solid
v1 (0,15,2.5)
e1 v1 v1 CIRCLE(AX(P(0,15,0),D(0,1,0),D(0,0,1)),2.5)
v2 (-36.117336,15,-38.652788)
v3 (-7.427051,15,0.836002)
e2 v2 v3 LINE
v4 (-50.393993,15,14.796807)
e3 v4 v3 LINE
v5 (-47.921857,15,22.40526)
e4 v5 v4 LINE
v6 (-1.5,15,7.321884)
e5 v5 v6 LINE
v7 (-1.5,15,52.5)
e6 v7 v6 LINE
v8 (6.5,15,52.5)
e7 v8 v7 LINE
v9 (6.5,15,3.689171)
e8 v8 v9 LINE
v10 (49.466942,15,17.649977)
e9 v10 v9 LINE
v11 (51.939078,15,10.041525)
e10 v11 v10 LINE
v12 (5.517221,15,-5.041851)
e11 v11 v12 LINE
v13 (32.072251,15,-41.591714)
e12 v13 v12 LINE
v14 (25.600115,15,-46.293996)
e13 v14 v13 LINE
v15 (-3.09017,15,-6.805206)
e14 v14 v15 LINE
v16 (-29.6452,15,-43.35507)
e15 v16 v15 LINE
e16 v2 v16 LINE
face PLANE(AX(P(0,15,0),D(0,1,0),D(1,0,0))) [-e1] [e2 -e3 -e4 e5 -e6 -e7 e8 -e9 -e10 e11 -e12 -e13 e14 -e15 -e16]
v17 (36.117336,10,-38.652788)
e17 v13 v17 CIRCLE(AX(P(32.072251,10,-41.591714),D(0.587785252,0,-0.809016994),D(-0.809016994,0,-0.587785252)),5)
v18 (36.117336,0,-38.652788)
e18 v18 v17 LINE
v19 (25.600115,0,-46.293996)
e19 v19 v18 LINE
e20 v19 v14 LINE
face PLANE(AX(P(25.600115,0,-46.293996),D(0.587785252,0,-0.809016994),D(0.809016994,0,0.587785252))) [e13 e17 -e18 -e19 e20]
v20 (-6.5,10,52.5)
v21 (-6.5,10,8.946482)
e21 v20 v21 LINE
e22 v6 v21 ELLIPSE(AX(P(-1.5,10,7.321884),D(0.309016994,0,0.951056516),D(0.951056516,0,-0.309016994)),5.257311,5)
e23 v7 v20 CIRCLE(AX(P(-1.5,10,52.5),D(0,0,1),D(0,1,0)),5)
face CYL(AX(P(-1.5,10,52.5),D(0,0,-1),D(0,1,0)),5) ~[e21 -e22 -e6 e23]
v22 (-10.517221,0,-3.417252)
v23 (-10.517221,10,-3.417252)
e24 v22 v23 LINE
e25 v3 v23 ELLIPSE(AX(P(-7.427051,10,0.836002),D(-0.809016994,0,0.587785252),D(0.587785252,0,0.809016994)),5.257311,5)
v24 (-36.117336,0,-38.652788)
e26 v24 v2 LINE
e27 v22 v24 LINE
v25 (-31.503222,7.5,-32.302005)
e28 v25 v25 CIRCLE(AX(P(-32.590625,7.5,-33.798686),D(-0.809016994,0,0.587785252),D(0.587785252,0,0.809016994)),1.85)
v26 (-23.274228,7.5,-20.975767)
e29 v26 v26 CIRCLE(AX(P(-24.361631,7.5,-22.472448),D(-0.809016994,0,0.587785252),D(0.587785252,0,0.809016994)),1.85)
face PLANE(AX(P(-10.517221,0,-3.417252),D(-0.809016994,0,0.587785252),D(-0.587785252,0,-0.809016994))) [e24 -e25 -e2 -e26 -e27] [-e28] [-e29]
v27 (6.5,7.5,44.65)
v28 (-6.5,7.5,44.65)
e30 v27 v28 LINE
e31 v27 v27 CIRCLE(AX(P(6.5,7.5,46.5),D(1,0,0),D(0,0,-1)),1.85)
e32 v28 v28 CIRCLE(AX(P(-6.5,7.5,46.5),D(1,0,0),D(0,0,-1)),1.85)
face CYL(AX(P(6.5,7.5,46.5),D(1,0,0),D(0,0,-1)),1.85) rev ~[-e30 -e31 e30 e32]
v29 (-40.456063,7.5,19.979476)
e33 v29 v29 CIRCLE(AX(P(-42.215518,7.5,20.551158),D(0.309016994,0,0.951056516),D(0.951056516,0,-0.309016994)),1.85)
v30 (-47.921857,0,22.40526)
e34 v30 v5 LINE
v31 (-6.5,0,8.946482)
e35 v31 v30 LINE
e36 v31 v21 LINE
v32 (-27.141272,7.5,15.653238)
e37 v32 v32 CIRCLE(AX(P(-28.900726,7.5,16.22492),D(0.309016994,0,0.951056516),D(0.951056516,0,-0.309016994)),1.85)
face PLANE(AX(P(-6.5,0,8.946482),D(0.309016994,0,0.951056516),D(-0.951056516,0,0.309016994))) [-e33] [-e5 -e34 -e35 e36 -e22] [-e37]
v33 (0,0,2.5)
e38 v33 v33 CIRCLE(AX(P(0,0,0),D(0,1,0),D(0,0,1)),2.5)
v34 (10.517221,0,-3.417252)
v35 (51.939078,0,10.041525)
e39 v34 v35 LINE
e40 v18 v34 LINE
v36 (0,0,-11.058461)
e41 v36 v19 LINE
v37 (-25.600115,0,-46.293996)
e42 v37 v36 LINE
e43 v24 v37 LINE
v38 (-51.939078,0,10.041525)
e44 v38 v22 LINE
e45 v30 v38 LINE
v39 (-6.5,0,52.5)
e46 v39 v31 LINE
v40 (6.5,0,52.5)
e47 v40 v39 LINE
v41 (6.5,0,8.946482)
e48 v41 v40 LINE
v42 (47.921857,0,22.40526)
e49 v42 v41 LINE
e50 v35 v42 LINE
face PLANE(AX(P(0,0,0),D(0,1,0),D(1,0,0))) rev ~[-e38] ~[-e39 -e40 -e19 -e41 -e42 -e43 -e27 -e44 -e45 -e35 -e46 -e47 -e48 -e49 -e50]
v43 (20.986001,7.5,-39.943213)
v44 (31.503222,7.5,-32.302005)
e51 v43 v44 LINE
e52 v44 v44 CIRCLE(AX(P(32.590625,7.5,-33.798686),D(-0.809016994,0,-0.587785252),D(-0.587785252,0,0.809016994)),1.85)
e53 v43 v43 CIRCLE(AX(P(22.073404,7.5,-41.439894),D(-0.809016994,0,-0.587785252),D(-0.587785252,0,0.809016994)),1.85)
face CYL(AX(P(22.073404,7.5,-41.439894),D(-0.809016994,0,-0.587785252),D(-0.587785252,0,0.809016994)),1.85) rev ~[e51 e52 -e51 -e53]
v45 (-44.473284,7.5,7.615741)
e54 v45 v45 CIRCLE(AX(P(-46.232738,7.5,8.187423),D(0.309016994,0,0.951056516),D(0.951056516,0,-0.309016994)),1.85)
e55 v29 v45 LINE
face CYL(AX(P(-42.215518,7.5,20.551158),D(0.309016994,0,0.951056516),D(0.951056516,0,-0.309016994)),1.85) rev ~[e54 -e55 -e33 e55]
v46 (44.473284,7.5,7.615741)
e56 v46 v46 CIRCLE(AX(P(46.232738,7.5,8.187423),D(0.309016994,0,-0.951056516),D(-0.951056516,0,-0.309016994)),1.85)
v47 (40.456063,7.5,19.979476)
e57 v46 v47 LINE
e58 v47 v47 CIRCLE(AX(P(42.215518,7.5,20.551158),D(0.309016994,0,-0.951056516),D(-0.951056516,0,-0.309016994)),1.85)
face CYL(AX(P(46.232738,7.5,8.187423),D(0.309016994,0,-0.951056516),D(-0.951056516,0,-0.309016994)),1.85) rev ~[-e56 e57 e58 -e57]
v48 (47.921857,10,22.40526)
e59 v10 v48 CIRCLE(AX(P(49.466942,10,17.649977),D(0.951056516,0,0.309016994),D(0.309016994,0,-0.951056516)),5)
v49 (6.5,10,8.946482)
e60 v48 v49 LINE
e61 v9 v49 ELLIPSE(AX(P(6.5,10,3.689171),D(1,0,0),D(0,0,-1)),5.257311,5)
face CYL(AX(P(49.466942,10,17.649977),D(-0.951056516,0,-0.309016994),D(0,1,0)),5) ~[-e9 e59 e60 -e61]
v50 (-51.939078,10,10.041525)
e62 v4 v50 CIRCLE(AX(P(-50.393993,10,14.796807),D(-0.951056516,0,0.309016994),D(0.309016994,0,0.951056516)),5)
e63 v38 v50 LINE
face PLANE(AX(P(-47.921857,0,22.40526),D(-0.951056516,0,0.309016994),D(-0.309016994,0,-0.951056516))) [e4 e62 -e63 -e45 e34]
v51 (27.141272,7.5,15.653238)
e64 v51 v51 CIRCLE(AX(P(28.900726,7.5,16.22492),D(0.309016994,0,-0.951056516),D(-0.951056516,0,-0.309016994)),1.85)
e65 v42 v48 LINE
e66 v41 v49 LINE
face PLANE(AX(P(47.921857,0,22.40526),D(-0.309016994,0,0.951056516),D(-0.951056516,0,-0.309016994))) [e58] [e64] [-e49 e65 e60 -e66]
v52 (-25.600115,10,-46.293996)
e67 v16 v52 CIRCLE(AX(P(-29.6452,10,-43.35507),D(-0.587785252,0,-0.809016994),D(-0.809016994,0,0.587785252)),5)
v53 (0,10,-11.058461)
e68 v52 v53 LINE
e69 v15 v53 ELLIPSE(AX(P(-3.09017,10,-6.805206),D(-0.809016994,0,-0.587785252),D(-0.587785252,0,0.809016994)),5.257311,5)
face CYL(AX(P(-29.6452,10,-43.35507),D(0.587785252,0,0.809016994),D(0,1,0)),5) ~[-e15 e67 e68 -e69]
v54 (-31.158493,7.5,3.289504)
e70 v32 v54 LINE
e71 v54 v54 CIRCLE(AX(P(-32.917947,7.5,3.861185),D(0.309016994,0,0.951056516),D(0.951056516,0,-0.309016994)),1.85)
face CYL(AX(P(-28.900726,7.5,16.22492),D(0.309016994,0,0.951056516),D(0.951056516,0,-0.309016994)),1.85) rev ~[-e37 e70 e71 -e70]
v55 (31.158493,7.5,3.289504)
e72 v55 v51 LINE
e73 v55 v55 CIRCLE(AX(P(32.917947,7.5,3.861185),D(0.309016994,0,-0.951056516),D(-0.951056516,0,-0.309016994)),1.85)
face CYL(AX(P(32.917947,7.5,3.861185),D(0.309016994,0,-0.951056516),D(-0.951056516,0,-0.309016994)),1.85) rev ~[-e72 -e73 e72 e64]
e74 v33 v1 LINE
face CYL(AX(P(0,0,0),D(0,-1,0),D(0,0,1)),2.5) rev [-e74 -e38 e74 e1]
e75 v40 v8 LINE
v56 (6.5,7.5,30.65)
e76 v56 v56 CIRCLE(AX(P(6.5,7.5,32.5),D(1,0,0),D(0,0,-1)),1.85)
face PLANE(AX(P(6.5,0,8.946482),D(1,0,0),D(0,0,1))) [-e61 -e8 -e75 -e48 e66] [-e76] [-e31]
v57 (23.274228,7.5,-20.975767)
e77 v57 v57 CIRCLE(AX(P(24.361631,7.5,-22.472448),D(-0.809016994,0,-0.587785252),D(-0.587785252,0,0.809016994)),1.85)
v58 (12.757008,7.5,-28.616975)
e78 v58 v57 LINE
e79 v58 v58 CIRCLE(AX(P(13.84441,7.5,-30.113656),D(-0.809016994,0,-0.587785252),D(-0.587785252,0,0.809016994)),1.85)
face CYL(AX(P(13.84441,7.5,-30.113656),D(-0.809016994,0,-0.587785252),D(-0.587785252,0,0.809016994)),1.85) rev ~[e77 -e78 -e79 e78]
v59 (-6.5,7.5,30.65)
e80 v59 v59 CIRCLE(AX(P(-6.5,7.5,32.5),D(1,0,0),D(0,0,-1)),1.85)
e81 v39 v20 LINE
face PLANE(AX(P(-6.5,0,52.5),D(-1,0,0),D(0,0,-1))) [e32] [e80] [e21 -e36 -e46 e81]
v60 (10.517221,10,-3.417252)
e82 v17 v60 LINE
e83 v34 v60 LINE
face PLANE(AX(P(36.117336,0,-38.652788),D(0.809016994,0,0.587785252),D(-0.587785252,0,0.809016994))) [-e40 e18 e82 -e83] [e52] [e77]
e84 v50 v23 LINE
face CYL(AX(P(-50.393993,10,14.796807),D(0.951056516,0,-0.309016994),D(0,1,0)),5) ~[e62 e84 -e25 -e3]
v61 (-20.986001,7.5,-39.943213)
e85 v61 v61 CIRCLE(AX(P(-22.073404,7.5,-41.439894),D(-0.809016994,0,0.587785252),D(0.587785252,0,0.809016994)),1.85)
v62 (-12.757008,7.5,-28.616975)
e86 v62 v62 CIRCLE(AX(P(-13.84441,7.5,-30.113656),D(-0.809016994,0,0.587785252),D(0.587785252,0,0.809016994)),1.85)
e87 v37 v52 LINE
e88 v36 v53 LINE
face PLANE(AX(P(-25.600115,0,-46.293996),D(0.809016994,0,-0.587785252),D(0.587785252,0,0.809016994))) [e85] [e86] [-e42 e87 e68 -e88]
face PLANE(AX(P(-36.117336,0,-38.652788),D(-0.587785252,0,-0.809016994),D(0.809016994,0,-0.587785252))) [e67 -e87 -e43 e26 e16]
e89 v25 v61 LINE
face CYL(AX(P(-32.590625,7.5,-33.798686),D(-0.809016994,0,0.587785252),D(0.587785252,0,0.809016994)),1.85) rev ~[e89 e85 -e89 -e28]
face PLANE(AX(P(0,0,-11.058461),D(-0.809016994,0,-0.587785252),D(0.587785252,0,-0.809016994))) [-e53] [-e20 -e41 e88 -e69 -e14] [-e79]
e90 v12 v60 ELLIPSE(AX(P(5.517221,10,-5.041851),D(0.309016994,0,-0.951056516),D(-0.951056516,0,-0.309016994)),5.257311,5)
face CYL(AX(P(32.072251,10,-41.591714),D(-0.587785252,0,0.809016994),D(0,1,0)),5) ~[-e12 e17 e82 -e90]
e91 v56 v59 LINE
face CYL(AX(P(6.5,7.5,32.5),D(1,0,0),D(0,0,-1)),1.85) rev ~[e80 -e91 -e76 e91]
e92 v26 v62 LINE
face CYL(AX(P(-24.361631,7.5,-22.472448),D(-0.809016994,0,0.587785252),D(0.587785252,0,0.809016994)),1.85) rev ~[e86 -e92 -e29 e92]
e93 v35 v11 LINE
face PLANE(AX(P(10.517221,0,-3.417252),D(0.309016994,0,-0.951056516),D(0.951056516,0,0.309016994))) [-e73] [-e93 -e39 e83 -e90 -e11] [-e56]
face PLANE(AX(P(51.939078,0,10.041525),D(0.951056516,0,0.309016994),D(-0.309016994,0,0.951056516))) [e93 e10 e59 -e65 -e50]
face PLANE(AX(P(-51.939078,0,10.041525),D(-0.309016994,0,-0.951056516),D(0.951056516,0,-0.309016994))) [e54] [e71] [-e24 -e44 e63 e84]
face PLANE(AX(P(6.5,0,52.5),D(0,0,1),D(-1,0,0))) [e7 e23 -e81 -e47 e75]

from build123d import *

# Parameters (mm, degrees)
PROTO_PENTAGRAM_R   = 7.5
PROTO_PENTAGRAM_R_2 = 2.5
BOSS_EXTRUDE1_DEPTH = 15
PICK_1_R            = 1.85
CUT_EXTRUDE1_DEPTH  = 15
PICK_2_R            = 1.85
CUT_EXTRUDE2_DEPTH  = 15
PICK_3_R            = 1.85
CUT_EXTRUDE3_DEPTH  = 15
PICK_4_R            = 1.85
CUT_EXTRUDE4_DEPTH  = 15
PICK_5_R            = 1.85
CUT_EXTRUDE5_DEPTH  = 15
FILLET1_R           = 5


with BuildPart() as part:
    # proto-pentagram → Boss-Extrude1 (new body)
    # profile 1 of 2: a face of its own
    with BuildSketch(Plane(origin=(0, 0, 0), x_dir=(1, 0, 0), z_dir=(0, 1, 0))):
        Polygon((47.921856642, -22.405259561), (6.5, -8.946482483), (6.5, -52.5), (-6.5, -52.5), (-6.5, -8.946482483), (-47.921856642, -22.405259561), (-51.939077569, -10.041524849), (-10.517220927, 3.417252229), (-36.117336209, 38.652788065), (-25.600115282, 46.293996345), (0, 11.058460509), (25.600115282, 46.293996345), (36.117336209, 38.652788065), (10.517220927, 3.417252229), (51.939077569, -10.041524849), align=None)
        Circle(PROTO_PENTAGRAM_R, mode=Mode.SUBTRACT)
    # profile 2 of 2: a face of its own
    with BuildSketch(Plane(origin=(0, 0, 0), x_dir=(1, 0, 0), z_dir=(0, 1, 0))):
        Circle(PROTO_PENTAGRAM_R)
        with Locations(Location((0, 0, 0), (0, 0, 270))):
            Circle(PROTO_PENTAGRAM_R_2, mode=Mode.SUBTRACT)
    extrude(amount=BOSS_EXTRUDE1_DEPTH)

    # pick-1 → Cut-Extrude1 (cut)
    with BuildSketch(Plane(origin=(6.5, 0, 0), x_dir=(0, 0, -1), z_dir=(1, 0, 0))):
        with Locations((-46.5, 7.5)):
            Circle(PICK_1_R)
        with Locations((-32.5, 7.5)):
            Circle(PICK_1_R)
    extrude(amount=-CUT_EXTRUDE1_DEPTH, mode=Mode.SUBTRACT)

    # pick-2 → Cut-Extrude2 (cut)
    with BuildSketch(Plane(origin=(2.008610463, 0, -6.181867356), x_dir=(-0.9510565162951501, 0, -0.3090169943749584), z_dir=(0.3090169943749584, 0, -0.9510565162951501))):
        with Locations((-46.5, 7.5)):
            Circle(PICK_2_R)
        with Locations((-32.5, 7.5)):
            Circle(PICK_2_R)
    extrude(amount=-CUT_EXTRUDE2_DEPTH, mode=Mode.SUBTRACT)

    # pick-3 → Cut-Extrude3 (cut)
    with BuildSketch(Plane(origin=(-5.258610463, 0, -3.82060414), x_dir=(-0.5877852522924804, 0, 0.8090169943749422), z_dir=(-0.8090169943749423, 0, -0.5877852522924804))):
        with Locations((-46.5, 7.5)):
            Circle(PICK_3_R)
        with Locations((-32.5, 7.5)):
            Circle(PICK_3_R)
    extrude(amount=-CUT_EXTRUDE3_DEPTH, mode=Mode.SUBTRACT)

    # pick-4 → Cut-Extrude4 (cut)
    with BuildSketch(Plane(origin=(-5.258610463, 0, 3.82060414), x_dir=(0.5877852522924687, 0, 0.8090169943749507), z_dir=(-0.8090169943749508, 0, 0.5877852522924687))):
        with Locations((-46.5, 7.5)):
            Circle(PICK_4_R)
        with Locations((-32.5, 7.5)):
            Circle(PICK_4_R)
    extrude(amount=-CUT_EXTRUDE4_DEPTH, mode=Mode.SUBTRACT)

    # pick-5 → Cut-Extrude5 (cut)
    with BuildSketch(Plane(origin=(2.008610463, 0, 6.181867356), x_dir=(0.9510565162951544, 0, -0.30901699437494484), z_dir=(0.30901699437494484, 0, 0.9510565162951544))):
        with Locations((-46.5, 7.5)):
            Circle(PICK_5_R)
        with Locations((-32.5, 7.5)):
            Circle(PICK_5_R)
    extrude(amount=-CUT_EXTRUDE5_DEPTH, mode=Mode.SUBTRACT)

    # Fillet1
    fillet1_edges = [part.edges().sort_by_distance(p)[0] for p in [
        (23.317278568, 15, -21.035020147),
        (-12.800057641, 15, -28.676228427),
        (27.210928321, 15, 15.675871022),
        (-31.228149248, 15, 3.31213631),
        (-6.5, 15, 30.723241242),
    ]]
    fillet(fillet1_edges, radius=FILLET1_R)


solid = part.part
